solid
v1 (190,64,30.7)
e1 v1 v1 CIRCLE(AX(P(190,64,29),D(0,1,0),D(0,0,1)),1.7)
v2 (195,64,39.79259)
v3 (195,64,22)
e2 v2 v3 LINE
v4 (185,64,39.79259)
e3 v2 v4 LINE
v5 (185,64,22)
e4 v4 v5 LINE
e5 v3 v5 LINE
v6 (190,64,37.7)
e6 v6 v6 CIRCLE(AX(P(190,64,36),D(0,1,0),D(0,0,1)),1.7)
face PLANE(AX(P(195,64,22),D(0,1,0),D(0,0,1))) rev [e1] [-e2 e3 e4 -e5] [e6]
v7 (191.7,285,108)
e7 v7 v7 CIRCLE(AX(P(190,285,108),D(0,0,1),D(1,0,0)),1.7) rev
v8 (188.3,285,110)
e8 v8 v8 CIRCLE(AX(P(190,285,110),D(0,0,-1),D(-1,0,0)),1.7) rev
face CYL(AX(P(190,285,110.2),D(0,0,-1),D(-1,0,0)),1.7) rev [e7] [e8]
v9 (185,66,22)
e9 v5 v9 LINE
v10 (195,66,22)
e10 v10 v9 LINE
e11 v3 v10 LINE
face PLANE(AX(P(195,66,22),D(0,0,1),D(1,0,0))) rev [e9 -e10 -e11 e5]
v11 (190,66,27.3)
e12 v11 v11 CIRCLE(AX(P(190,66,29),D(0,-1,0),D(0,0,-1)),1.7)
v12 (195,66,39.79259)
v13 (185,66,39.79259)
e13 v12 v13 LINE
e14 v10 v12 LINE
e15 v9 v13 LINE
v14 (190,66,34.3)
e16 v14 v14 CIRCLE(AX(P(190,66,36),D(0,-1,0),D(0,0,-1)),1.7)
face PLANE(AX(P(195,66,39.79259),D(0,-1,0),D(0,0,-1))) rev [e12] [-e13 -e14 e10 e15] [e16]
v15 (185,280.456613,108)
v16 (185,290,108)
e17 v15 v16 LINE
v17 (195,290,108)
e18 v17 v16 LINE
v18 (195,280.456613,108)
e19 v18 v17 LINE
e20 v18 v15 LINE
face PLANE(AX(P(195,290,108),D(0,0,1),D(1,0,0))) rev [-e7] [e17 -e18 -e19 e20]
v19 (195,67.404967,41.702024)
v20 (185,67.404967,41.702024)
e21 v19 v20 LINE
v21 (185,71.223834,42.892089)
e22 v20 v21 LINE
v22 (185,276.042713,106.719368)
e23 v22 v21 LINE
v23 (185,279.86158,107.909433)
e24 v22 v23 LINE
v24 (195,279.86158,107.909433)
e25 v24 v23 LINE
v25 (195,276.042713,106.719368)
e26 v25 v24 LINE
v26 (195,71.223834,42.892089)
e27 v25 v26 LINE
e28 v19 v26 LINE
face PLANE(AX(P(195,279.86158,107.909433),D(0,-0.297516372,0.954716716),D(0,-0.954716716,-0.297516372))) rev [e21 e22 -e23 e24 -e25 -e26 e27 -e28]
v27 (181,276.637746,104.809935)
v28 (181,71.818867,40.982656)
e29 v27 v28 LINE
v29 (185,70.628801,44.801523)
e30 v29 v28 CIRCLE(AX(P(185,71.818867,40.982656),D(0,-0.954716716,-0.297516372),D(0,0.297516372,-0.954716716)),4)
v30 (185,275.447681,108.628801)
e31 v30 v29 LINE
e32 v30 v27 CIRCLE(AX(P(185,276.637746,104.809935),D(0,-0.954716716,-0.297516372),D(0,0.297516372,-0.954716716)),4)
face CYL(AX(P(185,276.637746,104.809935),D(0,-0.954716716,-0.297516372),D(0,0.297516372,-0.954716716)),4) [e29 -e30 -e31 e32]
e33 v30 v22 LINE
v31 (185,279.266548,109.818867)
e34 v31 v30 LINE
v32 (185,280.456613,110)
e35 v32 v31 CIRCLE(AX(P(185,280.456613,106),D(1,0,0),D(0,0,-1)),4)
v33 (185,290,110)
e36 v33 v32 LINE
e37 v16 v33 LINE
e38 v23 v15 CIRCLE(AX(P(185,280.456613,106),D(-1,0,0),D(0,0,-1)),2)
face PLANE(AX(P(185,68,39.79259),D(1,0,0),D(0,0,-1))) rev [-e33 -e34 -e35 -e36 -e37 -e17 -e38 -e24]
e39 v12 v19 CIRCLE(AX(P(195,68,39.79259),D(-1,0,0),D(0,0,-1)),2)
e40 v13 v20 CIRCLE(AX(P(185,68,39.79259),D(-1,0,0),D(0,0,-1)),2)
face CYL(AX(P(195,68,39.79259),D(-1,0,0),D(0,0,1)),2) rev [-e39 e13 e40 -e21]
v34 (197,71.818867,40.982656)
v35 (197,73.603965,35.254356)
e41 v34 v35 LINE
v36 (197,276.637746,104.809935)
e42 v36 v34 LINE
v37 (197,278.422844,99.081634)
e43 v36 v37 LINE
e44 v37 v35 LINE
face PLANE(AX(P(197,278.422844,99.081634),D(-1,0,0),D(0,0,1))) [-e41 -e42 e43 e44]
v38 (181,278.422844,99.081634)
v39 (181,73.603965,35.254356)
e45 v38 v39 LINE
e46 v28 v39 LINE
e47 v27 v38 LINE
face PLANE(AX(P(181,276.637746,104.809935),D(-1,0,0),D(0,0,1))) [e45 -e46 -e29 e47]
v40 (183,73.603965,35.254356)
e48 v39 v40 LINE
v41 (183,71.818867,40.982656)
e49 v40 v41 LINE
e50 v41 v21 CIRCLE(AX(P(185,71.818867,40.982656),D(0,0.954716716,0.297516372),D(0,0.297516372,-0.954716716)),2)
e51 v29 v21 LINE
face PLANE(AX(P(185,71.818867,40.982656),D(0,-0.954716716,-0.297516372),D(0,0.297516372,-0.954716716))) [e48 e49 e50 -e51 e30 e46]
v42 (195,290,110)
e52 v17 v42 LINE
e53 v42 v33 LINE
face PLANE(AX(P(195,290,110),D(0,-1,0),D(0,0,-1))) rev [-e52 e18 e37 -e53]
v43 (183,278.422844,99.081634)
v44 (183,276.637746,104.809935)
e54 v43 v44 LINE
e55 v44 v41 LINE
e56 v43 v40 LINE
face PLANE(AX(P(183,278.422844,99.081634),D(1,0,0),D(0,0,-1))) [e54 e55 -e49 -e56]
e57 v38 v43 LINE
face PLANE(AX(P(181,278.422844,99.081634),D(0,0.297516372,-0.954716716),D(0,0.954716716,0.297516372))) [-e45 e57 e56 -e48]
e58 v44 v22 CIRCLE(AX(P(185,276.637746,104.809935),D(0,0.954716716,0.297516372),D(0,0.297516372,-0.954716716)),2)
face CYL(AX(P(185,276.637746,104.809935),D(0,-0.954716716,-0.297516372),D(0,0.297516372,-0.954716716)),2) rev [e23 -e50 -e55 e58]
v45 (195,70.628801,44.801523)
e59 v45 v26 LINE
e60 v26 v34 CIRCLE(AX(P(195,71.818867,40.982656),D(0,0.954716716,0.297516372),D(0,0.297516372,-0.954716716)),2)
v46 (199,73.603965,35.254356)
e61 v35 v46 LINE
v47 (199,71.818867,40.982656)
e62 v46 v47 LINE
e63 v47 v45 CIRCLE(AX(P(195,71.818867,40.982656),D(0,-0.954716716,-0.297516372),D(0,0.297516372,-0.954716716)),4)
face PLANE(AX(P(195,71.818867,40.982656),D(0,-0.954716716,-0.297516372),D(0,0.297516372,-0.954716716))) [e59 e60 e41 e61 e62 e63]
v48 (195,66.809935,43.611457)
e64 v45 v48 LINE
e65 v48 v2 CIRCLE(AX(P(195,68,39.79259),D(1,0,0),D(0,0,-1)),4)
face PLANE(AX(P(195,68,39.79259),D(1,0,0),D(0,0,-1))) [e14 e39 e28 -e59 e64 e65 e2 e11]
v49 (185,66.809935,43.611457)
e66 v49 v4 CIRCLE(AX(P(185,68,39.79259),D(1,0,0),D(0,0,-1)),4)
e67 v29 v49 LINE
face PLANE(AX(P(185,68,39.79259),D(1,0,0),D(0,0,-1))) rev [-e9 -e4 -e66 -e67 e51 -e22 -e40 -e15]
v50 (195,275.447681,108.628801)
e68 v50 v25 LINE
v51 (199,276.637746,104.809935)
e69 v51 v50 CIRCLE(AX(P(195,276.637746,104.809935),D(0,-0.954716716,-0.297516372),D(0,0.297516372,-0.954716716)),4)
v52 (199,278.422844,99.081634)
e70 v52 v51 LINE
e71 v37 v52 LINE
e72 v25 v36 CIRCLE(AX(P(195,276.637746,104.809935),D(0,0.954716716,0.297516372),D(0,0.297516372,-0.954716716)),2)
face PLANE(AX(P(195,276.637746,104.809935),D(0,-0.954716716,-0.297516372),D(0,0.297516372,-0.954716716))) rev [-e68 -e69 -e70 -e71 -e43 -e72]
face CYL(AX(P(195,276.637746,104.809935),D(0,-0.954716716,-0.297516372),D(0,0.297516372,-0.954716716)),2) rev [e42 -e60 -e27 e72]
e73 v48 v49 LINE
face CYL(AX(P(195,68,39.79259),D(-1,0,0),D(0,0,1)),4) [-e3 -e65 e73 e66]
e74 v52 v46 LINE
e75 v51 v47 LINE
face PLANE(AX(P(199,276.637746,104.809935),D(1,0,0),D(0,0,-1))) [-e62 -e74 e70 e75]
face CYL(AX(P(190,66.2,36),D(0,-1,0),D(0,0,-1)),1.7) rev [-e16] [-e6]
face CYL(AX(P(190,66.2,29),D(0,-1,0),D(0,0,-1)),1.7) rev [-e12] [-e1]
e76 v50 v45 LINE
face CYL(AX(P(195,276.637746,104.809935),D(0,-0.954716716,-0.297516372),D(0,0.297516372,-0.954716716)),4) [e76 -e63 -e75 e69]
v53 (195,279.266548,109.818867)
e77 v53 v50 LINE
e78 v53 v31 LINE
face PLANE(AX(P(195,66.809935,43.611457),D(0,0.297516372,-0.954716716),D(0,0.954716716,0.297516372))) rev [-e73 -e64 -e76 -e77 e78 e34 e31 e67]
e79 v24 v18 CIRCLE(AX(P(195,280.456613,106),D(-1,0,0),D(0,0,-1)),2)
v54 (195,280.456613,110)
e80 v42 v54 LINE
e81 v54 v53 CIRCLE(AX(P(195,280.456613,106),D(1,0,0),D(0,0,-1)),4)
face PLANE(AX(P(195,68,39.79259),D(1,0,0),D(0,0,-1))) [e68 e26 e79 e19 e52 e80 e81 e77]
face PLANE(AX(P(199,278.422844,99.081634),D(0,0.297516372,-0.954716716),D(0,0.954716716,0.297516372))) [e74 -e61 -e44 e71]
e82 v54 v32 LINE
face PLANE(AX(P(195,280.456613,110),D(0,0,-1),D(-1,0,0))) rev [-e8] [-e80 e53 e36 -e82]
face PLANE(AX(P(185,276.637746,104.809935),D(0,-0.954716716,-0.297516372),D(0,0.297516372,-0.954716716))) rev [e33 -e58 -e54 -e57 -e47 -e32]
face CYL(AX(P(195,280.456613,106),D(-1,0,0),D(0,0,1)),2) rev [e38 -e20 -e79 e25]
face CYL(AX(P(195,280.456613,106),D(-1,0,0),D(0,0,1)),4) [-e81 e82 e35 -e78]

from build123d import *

# Parameters (mm, degrees)
FORMED_WEB_DEPTH           = 10
EDGE_STIFFENING_LIPS_DEPTH = 214.533668262
WALL_MOUNT_HOLE_SKETCH_R   = 1.7
WALL_MOUNT_HOLES_DEPTH     = 2.4
COVER_MOUNT_HOLE_SKETCH_R  = 1.7
COVER_MOUNT_HOLE_DEPTH     = 2.4


with BuildPart() as part:
    # Formed Web Section Sketch → Formed Web (new body)
    with BuildSketch(Plane(origin=(185, 0, 0), x_dir=(0, 0, -1), z_dir=(1, 0, 0))):
        with BuildLine():
            Line((-22, 64), (-39.792590359, 64))
            ThreePointArc((-39.792590359, 64), (-42.163216653, 64.778178935), (-43.611457224, 66.809934512))
            Line((-43.611457224, 66.809934512), (-109.818866865, 279.266547538))
            ThreePointArc((-109.818866865, 279.266547538), (-109.954457451, 279.854727432), (-110, 280.456613027))
            Line((-110, 280.456613027), (-110, 290))
            Line((-110, 290), (-108, 290))
            Line((-108, 290), (-108, 280.456613027))
            ThreePointArc((-108, 280.456613027), (-107.977228725, 280.155670229), (-107.909433433, 279.861580283))
            Line((-107.909433433, 279.861580283), (-41.702023792, 67.404967256))
            ThreePointArc((-41.702023792, 67.404967256), (-40.977903506, 66.389089467), (-39.792590359, 66))
            Line((-39.792590359, 66), (-22, 66))
            Line((-22, 66), (-22, 64))
        make_face()
    extrude(amount=FORMED_WEB_DEPTH)

    # Edge Lip Sketch → Edge Stiffening Lips (add)
    with BuildSketch(Plane(origin=(0, 77.102620151, 24.02732814), x_dir=(-1, 0, 0), z_dir=(0, -0.9547167162884552, -0.297516372052681))):
        with BuildLine():
            Line((-181, -17.759537901), (-181, -11.759537901))
            Line((-181, -11.759537901), (-183, -11.759537901))
            Line((-183, -11.759537901), (-183, -17.759537901))
            ThreePointArc((-183, -17.759537901), (-183.585786438, -19.173751463), (-185, -19.759537901))
            Line((-185, -19.759537901), (-185.1, -19.759537901))
            Line((-185.1, -19.759537901), (-185.1, -21.759537901))
            Line((-185.1, -21.759537901), (-185, -21.759537901))
            ThreePointArc((-185, -21.759537901), (-182.171572875, -20.587965025), (-181, -17.759537901))
        make_face()
        with BuildLine():
            Line((-199, -17.759537901), (-199, -11.759537901))
            Line((-199, -11.759537901), (-197, -11.759537901))
            Line((-197, -11.759537901), (-197, -17.759537901))
            ThreePointArc((-197, -17.759537901), (-196.414213562, -19.173751463), (-195, -19.759537901))
            Line((-195, -19.759537901), (-194.9, -19.759537901))
            Line((-194.9, -19.759537901), (-194.9, -21.759537901))
            Line((-194.9, -21.759537901), (-195, -21.759537901))
            ThreePointArc((-195, -21.759537901), (-197.828427125, -20.587965025), (-199, -17.759537901))
        make_face()
    extrude(amount=-EDGE_STIFFENING_LIPS_DEPTH)

    # Wall Mount Hole Sketch → Wall Mount Holes (cut)
    with BuildSketch(Plane(origin=(0, 63.8, 0), x_dir=(-1, 0, 0), z_dir=(0, -1, 0))):
        with Locations(Location((-190, -29, 0), (0, 0, 90))):
            Circle(WALL_MOUNT_HOLE_SKETCH_R)
        with Locations(Location((-190, -36, 0), (0, 0, 90))):
            Circle(WALL_MOUNT_HOLE_SKETCH_R)
    extrude(amount=-WALL_MOUNT_HOLES_DEPTH, mode=Mode.SUBTRACT)

    # Cover Mount Hole Sketch → Cover Mount Hole (cut)
    with BuildSketch(Plane.XY.offset(107.8)):
        with Locations(Location((190, 285, 0), (0, 0, 180))):
            Circle(COVER_MOUNT_HOLE_SKETCH_R)
    extrude(amount=COVER_MOUNT_HOLE_DEPTH, mode=Mode.SUBTRACT)


solid = part.part
